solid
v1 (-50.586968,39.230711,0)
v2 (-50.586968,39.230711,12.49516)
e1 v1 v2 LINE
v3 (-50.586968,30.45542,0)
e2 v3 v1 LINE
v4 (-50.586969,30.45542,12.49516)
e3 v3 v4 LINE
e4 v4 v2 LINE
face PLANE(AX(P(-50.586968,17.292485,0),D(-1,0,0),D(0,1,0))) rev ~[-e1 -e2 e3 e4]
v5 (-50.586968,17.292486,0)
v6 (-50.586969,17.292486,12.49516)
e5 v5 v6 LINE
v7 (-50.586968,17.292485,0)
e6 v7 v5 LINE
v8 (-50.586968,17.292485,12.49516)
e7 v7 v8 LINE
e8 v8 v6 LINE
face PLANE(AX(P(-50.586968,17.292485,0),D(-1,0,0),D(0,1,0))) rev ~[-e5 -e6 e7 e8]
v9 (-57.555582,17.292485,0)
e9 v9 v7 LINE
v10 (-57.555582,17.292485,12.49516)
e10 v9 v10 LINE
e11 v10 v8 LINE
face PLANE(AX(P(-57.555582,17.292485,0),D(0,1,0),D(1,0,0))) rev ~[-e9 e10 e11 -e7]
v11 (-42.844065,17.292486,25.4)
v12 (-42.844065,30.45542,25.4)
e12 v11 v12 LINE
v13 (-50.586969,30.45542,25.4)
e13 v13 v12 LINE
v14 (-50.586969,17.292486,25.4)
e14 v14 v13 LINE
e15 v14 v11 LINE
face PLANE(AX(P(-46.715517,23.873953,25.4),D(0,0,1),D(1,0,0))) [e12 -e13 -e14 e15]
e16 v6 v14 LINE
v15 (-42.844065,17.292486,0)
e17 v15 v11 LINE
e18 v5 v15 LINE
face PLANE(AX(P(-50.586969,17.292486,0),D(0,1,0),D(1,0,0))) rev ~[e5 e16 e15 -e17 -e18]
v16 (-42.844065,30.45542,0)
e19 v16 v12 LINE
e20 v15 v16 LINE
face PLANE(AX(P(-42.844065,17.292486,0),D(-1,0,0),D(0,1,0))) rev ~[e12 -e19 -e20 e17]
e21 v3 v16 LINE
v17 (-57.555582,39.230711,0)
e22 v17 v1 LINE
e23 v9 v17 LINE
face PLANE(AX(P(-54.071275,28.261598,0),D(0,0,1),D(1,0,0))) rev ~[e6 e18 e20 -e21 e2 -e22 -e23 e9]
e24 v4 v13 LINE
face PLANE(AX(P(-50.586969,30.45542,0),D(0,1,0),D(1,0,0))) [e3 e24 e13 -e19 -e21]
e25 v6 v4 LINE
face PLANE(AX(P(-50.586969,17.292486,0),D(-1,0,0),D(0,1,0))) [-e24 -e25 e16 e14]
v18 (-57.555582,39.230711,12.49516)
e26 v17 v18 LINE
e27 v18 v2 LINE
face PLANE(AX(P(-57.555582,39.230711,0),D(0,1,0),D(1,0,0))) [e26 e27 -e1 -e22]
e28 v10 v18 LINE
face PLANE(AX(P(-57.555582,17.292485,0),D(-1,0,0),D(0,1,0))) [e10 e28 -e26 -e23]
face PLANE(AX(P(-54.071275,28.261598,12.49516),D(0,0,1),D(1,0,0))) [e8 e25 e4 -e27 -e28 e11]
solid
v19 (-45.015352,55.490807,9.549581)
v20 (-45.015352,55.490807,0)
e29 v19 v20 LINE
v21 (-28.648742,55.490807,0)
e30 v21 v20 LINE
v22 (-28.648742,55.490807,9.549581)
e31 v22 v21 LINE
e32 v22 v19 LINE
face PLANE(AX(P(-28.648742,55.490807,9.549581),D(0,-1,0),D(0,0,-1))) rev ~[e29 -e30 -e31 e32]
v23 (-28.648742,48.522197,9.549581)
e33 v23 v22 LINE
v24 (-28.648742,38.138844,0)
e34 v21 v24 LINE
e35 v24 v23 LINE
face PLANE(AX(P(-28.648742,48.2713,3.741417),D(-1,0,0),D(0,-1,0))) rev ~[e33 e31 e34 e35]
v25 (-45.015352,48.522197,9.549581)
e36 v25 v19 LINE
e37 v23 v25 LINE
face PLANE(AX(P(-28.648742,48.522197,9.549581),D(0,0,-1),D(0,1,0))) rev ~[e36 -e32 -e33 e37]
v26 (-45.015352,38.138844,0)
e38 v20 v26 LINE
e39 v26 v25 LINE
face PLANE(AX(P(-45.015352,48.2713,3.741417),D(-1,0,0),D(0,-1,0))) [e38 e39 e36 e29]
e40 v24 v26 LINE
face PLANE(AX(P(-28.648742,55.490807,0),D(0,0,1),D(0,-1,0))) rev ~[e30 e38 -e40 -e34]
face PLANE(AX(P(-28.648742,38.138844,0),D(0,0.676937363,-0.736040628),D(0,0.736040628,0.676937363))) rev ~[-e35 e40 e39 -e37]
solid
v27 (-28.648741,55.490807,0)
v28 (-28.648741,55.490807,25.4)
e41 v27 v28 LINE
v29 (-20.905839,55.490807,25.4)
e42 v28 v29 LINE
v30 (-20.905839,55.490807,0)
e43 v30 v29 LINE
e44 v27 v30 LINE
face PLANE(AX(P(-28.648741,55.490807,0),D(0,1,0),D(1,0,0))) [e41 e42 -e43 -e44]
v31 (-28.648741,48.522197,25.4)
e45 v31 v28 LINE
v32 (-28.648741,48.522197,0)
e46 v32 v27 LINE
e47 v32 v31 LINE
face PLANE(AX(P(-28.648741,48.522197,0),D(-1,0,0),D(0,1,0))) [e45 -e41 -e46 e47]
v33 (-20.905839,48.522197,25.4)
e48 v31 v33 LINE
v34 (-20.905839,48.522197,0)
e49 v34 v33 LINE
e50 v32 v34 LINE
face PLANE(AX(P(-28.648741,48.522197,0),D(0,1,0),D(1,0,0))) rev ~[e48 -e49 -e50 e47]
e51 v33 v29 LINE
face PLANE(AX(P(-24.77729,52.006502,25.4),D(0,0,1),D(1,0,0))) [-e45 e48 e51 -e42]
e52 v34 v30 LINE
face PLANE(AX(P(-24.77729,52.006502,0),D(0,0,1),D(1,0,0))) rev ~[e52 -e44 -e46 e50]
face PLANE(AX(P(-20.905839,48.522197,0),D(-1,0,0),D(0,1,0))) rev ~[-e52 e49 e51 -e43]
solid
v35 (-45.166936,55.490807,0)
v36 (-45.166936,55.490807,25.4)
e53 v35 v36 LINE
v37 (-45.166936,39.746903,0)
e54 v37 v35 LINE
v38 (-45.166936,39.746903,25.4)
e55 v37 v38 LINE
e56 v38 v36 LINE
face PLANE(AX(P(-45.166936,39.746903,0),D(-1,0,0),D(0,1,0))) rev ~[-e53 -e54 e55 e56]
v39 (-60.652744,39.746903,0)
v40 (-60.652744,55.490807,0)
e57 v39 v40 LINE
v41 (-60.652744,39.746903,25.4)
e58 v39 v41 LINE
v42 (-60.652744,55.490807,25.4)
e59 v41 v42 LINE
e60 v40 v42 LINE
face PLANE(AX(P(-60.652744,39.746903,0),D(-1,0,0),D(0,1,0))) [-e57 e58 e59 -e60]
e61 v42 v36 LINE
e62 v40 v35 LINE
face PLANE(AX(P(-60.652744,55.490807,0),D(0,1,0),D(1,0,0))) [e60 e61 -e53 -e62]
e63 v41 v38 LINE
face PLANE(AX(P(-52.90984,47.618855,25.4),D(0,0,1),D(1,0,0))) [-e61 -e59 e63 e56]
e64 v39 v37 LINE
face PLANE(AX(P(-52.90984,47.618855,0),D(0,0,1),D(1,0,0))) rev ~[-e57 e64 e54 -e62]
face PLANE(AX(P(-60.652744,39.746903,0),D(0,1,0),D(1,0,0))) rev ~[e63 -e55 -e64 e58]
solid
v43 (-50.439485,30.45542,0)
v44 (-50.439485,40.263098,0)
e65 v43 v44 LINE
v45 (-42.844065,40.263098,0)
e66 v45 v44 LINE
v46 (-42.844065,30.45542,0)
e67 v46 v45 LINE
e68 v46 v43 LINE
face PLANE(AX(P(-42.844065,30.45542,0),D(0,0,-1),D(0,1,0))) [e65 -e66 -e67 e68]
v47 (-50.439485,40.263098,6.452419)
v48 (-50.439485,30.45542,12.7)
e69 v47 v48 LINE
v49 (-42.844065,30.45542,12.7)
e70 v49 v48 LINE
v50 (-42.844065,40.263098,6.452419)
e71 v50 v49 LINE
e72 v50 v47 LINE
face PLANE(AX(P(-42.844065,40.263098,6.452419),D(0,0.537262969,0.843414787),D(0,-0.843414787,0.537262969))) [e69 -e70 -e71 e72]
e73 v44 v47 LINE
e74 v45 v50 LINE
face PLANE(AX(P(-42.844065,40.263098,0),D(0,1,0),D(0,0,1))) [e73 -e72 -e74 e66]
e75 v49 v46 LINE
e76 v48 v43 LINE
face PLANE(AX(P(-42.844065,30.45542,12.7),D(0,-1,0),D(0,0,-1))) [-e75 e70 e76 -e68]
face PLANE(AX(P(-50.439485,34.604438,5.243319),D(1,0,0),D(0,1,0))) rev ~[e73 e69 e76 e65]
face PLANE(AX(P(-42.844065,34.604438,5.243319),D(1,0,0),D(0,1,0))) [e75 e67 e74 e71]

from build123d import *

# Parameters (mm, degrees)
F0_W      = 15.485808
F0_H      = 15.743904
F2_DEPTH  = 25.4
F1_W      = 7.742904
F1_H      = 13.162935
F3_DEPTH  = 25.4
F4_W      = 7.742903
F4_H      = 6.96861
F5_DEPTH  = 25.4
F6_W      = 6.968613
F6_H      = 21.938227
F7_DEPTH  = 12.49516
F9_DEPTH  = 7.59542
F11_DEPTH = 16.36661


with BuildPart() as f2:
    # F0 (on Top) → F2 (new body)
    with BuildSketch(Plane.XY):
        with Locations((-52.90984, 47.618855)):
            Rectangle(F0_W, F0_H)
    extrude(amount=F2_DEPTH)


with BuildPart() as f3:
    # F1 (on Top) → F3 (new body)
    with BuildSketch(Plane.XY):
        with Locations((-46.715517, 23.873953)):
            Rectangle(F1_W, F1_H)
    extrude(amount=F3_DEPTH)

    # F6 (on Top) → F7 (join)
    with BuildSketch(Plane.XY):
        with Locations((-54.071275, 28.261598)):
            Rectangle(F6_W, F6_H)
    extrude(amount=F7_DEPTH)


with BuildPart() as f5:
    # F4 (on Top) → F5 (new body)
    with BuildSketch(Plane.XY):
        with Locations((-24.77729, 52.006502)):
            Rectangle(F4_W, F4_H)
    extrude(amount=F5_DEPTH)


with BuildPart() as f9:
    # F8 (on face) → F9 (new body)
    with BuildSketch(Plane.YZ.offset(-42.844065)):
        Polygon((40.263098, 6.452419), (30.45542, 12.7), (30.45542, 0), (40.263098, 0), align=None)
    extrude(amount=-F9_DEPTH)


with BuildPart() as f11:
    # F10 (on face) → F11 (new body)
    with BuildSketch(Plane(origin=(-28.648742, 0, 0), x_dir=(0, -1, 0), z_dir=(-1, 0, 0))):
        Polygon((-48.522197, 9.549581), (-55.490807, 9.549581), (-55.490807, 2.580968), (-55.490807, 0), (-38.138844, 0), align=None)
    extrude(amount=F11_DEPTH)


solid = Compound([f2.part, f3.part, f5.part, f9.part, f11.part])
